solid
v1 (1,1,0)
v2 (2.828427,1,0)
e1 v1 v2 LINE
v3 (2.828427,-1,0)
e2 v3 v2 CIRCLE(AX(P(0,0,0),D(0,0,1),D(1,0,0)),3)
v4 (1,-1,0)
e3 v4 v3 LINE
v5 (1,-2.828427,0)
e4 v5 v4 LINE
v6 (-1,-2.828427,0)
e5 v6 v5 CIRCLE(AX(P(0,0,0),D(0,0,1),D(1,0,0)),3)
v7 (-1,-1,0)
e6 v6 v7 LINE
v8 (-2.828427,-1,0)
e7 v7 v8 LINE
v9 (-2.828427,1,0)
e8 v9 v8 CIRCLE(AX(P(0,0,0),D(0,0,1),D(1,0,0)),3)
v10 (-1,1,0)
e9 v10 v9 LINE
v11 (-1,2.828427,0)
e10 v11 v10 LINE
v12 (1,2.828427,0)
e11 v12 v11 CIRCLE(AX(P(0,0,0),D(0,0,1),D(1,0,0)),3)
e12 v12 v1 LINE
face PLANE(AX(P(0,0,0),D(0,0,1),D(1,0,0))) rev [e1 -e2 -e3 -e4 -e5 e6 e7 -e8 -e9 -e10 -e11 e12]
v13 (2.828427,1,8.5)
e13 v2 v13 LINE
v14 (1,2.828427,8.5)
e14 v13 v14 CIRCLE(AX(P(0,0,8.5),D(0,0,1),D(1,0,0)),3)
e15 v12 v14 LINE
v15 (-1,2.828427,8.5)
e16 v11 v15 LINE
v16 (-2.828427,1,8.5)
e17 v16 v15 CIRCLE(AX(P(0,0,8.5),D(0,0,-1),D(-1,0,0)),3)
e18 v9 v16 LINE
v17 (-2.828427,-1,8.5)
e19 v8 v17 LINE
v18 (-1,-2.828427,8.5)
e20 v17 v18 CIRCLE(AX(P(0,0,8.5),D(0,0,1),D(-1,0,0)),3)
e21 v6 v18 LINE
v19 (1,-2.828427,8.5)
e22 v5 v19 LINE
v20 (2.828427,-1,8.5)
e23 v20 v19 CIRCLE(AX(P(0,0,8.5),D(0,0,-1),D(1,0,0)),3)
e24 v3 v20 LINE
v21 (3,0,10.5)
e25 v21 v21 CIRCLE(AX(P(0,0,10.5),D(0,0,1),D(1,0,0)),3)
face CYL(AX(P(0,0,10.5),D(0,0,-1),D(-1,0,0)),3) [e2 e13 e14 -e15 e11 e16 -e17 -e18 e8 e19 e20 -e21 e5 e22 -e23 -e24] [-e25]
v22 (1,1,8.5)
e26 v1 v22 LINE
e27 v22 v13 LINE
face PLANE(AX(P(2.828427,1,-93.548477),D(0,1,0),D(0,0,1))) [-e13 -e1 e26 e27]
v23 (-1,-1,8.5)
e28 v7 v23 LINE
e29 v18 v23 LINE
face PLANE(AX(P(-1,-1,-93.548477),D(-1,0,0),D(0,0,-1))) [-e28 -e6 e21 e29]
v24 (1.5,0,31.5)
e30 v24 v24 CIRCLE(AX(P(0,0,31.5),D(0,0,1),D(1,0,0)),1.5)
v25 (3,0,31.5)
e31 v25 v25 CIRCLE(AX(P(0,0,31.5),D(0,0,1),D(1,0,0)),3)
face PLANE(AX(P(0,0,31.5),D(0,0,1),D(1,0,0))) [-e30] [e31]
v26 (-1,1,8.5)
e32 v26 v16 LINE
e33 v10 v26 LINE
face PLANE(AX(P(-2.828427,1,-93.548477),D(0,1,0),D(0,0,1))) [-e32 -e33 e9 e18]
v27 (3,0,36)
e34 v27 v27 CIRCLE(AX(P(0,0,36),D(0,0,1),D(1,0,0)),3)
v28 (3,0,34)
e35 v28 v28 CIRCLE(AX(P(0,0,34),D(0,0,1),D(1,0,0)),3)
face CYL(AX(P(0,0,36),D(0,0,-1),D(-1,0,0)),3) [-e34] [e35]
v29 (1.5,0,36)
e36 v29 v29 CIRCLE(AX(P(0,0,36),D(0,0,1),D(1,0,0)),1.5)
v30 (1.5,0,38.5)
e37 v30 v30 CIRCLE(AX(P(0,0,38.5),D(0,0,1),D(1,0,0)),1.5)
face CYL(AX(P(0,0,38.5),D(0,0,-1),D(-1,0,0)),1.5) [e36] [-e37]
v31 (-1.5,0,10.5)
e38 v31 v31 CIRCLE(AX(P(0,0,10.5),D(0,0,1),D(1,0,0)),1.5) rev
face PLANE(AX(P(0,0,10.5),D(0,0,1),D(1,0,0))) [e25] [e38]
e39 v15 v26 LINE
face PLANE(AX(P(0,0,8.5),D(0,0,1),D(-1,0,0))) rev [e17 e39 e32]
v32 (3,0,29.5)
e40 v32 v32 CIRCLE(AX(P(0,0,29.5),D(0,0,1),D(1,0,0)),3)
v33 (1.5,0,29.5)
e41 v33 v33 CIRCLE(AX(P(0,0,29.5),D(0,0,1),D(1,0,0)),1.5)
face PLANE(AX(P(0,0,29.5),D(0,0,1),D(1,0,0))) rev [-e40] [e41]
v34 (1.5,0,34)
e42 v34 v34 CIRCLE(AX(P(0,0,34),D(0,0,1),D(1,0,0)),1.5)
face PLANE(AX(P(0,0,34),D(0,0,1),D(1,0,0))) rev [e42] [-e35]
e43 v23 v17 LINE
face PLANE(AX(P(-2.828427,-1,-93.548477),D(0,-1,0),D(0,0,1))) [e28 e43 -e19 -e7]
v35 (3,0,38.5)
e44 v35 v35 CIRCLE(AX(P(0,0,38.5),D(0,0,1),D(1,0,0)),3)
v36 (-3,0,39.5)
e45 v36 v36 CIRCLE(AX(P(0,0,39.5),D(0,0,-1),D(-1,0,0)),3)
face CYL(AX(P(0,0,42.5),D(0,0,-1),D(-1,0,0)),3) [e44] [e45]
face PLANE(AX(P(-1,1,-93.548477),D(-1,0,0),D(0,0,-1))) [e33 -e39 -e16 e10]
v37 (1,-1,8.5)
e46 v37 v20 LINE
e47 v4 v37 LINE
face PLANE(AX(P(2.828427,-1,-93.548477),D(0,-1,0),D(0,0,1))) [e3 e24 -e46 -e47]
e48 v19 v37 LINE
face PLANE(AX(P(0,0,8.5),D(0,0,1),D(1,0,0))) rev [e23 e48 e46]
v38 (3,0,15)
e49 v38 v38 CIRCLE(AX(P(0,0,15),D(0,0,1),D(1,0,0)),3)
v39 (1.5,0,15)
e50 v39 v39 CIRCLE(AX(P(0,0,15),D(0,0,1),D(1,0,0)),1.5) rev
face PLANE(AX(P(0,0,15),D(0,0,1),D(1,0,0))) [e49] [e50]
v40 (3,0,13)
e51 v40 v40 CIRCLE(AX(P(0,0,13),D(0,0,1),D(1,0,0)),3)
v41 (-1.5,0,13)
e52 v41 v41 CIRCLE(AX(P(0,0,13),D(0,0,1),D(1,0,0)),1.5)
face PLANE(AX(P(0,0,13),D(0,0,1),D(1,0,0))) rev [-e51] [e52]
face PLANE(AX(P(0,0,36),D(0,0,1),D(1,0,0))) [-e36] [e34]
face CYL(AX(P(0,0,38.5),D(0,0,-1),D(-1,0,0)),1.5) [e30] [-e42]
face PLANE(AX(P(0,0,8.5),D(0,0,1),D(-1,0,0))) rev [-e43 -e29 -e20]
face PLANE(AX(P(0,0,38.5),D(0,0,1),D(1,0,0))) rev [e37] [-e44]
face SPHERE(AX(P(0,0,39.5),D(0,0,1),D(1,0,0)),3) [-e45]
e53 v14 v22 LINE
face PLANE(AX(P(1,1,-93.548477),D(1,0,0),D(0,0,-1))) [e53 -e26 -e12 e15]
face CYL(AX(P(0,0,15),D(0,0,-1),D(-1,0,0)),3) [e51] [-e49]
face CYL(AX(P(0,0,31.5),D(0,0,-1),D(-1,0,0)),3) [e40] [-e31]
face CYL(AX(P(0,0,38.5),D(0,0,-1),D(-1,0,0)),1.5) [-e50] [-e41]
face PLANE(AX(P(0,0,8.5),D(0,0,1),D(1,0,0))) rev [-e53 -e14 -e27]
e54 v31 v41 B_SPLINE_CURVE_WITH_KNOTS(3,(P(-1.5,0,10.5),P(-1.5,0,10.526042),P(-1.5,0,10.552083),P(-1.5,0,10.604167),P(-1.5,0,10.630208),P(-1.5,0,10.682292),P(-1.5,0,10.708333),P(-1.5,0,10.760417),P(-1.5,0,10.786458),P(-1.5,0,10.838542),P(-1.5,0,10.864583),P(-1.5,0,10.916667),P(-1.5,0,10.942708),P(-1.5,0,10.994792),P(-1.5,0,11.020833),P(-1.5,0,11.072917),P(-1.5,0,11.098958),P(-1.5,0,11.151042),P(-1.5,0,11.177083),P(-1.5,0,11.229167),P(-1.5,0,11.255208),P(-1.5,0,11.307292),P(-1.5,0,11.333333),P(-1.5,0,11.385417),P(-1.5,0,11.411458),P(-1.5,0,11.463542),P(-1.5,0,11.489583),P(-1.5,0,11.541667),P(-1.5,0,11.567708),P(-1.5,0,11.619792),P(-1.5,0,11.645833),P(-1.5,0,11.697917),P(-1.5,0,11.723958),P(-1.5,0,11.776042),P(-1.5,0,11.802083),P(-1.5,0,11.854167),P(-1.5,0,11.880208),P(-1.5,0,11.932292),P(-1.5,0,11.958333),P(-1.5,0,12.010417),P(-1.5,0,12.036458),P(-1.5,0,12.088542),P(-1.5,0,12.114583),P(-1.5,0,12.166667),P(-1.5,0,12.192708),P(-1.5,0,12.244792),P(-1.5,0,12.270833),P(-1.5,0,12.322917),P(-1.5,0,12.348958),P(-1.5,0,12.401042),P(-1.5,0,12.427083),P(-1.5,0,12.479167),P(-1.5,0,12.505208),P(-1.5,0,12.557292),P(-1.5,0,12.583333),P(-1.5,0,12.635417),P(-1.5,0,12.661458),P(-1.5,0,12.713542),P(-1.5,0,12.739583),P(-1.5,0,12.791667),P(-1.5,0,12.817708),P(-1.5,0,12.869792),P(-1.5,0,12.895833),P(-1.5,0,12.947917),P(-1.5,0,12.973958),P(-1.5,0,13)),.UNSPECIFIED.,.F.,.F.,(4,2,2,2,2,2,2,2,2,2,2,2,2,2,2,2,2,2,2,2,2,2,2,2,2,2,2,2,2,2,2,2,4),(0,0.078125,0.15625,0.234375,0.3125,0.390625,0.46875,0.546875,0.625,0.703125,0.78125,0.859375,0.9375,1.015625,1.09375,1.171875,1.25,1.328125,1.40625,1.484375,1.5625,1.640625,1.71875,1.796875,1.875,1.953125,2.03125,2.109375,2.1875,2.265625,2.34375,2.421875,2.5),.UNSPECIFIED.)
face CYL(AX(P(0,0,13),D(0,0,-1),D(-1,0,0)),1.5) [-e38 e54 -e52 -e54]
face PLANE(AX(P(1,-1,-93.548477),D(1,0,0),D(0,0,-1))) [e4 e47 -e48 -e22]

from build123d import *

# Parameters (mm, degrees)
SKETCH_1_R                                = 3
EXTRUDE_1_DEPTH                           = 10.5
SKETCH_3_R                                = 1.5
EXTRUDE_2_DEPTH                           = 13
SKETCH_4_R                                = 3
EXTRUDE_3_DEPTH                           = 2
SKETCH_5_R                                = 1.5
EXTRUDE_4_DEPTH                           = 38.5
EXTRUDE_START                             = 29.5
SKETCH_7_R                                = 3
EXTRUDE_5_DEPTH                           = 2
EXTRUDE_START_2                           = 34
SKETCH_8_R                                = 3
EXTRUDE_6_DEPTH                           = 2
SKETCH_9_R                                = 3
EXTRUDE_7_DEPTH                           = 4
FILLET_1_R                                = 3
CUT_EXTRUDE_START                         = -8.5
CUT_EXTRUDE_1_DEPTH                       = 52.211239739
MIRROR_START                              = -8.5
MIRROR_2_AT_THE_SECOND_PLANE_COPY_1_DEPTH = 52.211239739


with BuildPart() as part:
    # 草图1 → 凸台-拉伸1 (new body)
    with BuildSketch(Plane.XY):
        with Locations(Location((0, 0, 0), (0, 0, 180))):
            Circle(SKETCH_1_R)
    extrude(amount=EXTRUDE_1_DEPTH)

    # 草图3 → 凸台-拉伸2 (add)
    with BuildSketch(Plane.XY):
        with Locations(Location((0, 0, 0), (0, 0, 180))):
            Circle(SKETCH_3_R)
    extrude(amount=EXTRUDE_2_DEPTH)

    # 草图4 → 凸台-拉伸3 (add)
    with BuildSketch(Plane.XY.offset(13)):
        with Locations(Location((0, 0, 0), (0, 0, 180))):
            Circle(SKETCH_4_R)
    extrude(amount=EXTRUDE_3_DEPTH)

    # 草图5 → 凸台-拉伸4 (add)
    with BuildSketch(Plane.XY):
        with Locations(Location((0, 0, 0), (0, 0, 180))):
            Circle(SKETCH_5_R)
    extrude(amount=EXTRUDE_4_DEPTH)

    # 草图7 → 凸台-拉伸5 (add)
    with BuildSketch(Plane.XY.offset(EXTRUDE_START)):
        with Locations(Location((0, 0, 0), (0, 0, 180))):
            Circle(SKETCH_7_R)
    extrude(amount=EXTRUDE_5_DEPTH)

    # 草图8 → 凸台-拉伸6 (add)
    with BuildSketch(Plane.XY.offset(EXTRUDE_START_2)):
        with Locations(Location((0, 0, 0), (0, 0, 180))):
            Circle(SKETCH_8_R)
    extrude(amount=EXTRUDE_6_DEPTH)

    # 草图9 → 凸台-拉伸7 (add)
    with BuildSketch(Plane.XY.offset(38.5)):
        with Locations(Location((0, 0, 0), (0, 0, 180))):
            Circle(SKETCH_9_R)
    extrude(amount=EXTRUDE_7_DEPTH)

    # 圆角1
    fillet_1_edges = [part.edges().sort_by_distance(p)[0] for p in [
        (3, 0, 42.5),
    ]]
    fillet(fillet_1_edges, radius=FILLET_1_R)

    # 草图10 → 切除-拉伸1 (cut)
    with BuildSketch(Plane(origin=(0, 0, 0), x_dir=(-1, 0, 0), z_dir=(0, 0, -1)).offset(CUT_EXTRUDE_START)):
        Polygon((-26.96639908, 1), (-2.828427125, 1), (-1, 1), (-1, 2.828427125), (-1, 26.96639908), (-35.136247307, 61.102646386), (-61.102646386, 35.136247307), align=None)
    cut_extrude_1 = extrude(amount=CUT_EXTRUDE_1_DEPTH, mode=Mode.SUBTRACT)

    # 镜向2: 切除-拉伸1 across plane
    add(cut_extrude_1.mirror(Plane.ZX), mode=Mode.SUBTRACT)

    # 镜向2 at the second plane: 切除-拉伸1 across plane
    add(cut_extrude_1.mirror(Plane(origin=(0, 0, 0), x_dir=(0, 0, 1), z_dir=(1, 0, 0))), mode=Mode.SUBTRACT)

    # 镜向2 at the second plane copy 1 sket → 镜向2 at the second plane copy 1 (cut)
    with BuildSketch(Plane(origin=(0, 0, 0), x_dir=(1, 0, 0), z_dir=(0, 0, -1)).offset(MIRROR_START)):
        Polygon((-26.96639908, 1), (-2.828427125, 1), (-1, 1), (-1, 2.828427125), (-1, 26.96639908), (-35.136247307, 61.102646386), (-61.102646386, 35.136247307), align=None)
    extrude(amount=MIRROR_2_AT_THE_SECOND_PLANE_COPY_1_DEPTH, mode=Mode.SUBTRACT)


solid = part.part
